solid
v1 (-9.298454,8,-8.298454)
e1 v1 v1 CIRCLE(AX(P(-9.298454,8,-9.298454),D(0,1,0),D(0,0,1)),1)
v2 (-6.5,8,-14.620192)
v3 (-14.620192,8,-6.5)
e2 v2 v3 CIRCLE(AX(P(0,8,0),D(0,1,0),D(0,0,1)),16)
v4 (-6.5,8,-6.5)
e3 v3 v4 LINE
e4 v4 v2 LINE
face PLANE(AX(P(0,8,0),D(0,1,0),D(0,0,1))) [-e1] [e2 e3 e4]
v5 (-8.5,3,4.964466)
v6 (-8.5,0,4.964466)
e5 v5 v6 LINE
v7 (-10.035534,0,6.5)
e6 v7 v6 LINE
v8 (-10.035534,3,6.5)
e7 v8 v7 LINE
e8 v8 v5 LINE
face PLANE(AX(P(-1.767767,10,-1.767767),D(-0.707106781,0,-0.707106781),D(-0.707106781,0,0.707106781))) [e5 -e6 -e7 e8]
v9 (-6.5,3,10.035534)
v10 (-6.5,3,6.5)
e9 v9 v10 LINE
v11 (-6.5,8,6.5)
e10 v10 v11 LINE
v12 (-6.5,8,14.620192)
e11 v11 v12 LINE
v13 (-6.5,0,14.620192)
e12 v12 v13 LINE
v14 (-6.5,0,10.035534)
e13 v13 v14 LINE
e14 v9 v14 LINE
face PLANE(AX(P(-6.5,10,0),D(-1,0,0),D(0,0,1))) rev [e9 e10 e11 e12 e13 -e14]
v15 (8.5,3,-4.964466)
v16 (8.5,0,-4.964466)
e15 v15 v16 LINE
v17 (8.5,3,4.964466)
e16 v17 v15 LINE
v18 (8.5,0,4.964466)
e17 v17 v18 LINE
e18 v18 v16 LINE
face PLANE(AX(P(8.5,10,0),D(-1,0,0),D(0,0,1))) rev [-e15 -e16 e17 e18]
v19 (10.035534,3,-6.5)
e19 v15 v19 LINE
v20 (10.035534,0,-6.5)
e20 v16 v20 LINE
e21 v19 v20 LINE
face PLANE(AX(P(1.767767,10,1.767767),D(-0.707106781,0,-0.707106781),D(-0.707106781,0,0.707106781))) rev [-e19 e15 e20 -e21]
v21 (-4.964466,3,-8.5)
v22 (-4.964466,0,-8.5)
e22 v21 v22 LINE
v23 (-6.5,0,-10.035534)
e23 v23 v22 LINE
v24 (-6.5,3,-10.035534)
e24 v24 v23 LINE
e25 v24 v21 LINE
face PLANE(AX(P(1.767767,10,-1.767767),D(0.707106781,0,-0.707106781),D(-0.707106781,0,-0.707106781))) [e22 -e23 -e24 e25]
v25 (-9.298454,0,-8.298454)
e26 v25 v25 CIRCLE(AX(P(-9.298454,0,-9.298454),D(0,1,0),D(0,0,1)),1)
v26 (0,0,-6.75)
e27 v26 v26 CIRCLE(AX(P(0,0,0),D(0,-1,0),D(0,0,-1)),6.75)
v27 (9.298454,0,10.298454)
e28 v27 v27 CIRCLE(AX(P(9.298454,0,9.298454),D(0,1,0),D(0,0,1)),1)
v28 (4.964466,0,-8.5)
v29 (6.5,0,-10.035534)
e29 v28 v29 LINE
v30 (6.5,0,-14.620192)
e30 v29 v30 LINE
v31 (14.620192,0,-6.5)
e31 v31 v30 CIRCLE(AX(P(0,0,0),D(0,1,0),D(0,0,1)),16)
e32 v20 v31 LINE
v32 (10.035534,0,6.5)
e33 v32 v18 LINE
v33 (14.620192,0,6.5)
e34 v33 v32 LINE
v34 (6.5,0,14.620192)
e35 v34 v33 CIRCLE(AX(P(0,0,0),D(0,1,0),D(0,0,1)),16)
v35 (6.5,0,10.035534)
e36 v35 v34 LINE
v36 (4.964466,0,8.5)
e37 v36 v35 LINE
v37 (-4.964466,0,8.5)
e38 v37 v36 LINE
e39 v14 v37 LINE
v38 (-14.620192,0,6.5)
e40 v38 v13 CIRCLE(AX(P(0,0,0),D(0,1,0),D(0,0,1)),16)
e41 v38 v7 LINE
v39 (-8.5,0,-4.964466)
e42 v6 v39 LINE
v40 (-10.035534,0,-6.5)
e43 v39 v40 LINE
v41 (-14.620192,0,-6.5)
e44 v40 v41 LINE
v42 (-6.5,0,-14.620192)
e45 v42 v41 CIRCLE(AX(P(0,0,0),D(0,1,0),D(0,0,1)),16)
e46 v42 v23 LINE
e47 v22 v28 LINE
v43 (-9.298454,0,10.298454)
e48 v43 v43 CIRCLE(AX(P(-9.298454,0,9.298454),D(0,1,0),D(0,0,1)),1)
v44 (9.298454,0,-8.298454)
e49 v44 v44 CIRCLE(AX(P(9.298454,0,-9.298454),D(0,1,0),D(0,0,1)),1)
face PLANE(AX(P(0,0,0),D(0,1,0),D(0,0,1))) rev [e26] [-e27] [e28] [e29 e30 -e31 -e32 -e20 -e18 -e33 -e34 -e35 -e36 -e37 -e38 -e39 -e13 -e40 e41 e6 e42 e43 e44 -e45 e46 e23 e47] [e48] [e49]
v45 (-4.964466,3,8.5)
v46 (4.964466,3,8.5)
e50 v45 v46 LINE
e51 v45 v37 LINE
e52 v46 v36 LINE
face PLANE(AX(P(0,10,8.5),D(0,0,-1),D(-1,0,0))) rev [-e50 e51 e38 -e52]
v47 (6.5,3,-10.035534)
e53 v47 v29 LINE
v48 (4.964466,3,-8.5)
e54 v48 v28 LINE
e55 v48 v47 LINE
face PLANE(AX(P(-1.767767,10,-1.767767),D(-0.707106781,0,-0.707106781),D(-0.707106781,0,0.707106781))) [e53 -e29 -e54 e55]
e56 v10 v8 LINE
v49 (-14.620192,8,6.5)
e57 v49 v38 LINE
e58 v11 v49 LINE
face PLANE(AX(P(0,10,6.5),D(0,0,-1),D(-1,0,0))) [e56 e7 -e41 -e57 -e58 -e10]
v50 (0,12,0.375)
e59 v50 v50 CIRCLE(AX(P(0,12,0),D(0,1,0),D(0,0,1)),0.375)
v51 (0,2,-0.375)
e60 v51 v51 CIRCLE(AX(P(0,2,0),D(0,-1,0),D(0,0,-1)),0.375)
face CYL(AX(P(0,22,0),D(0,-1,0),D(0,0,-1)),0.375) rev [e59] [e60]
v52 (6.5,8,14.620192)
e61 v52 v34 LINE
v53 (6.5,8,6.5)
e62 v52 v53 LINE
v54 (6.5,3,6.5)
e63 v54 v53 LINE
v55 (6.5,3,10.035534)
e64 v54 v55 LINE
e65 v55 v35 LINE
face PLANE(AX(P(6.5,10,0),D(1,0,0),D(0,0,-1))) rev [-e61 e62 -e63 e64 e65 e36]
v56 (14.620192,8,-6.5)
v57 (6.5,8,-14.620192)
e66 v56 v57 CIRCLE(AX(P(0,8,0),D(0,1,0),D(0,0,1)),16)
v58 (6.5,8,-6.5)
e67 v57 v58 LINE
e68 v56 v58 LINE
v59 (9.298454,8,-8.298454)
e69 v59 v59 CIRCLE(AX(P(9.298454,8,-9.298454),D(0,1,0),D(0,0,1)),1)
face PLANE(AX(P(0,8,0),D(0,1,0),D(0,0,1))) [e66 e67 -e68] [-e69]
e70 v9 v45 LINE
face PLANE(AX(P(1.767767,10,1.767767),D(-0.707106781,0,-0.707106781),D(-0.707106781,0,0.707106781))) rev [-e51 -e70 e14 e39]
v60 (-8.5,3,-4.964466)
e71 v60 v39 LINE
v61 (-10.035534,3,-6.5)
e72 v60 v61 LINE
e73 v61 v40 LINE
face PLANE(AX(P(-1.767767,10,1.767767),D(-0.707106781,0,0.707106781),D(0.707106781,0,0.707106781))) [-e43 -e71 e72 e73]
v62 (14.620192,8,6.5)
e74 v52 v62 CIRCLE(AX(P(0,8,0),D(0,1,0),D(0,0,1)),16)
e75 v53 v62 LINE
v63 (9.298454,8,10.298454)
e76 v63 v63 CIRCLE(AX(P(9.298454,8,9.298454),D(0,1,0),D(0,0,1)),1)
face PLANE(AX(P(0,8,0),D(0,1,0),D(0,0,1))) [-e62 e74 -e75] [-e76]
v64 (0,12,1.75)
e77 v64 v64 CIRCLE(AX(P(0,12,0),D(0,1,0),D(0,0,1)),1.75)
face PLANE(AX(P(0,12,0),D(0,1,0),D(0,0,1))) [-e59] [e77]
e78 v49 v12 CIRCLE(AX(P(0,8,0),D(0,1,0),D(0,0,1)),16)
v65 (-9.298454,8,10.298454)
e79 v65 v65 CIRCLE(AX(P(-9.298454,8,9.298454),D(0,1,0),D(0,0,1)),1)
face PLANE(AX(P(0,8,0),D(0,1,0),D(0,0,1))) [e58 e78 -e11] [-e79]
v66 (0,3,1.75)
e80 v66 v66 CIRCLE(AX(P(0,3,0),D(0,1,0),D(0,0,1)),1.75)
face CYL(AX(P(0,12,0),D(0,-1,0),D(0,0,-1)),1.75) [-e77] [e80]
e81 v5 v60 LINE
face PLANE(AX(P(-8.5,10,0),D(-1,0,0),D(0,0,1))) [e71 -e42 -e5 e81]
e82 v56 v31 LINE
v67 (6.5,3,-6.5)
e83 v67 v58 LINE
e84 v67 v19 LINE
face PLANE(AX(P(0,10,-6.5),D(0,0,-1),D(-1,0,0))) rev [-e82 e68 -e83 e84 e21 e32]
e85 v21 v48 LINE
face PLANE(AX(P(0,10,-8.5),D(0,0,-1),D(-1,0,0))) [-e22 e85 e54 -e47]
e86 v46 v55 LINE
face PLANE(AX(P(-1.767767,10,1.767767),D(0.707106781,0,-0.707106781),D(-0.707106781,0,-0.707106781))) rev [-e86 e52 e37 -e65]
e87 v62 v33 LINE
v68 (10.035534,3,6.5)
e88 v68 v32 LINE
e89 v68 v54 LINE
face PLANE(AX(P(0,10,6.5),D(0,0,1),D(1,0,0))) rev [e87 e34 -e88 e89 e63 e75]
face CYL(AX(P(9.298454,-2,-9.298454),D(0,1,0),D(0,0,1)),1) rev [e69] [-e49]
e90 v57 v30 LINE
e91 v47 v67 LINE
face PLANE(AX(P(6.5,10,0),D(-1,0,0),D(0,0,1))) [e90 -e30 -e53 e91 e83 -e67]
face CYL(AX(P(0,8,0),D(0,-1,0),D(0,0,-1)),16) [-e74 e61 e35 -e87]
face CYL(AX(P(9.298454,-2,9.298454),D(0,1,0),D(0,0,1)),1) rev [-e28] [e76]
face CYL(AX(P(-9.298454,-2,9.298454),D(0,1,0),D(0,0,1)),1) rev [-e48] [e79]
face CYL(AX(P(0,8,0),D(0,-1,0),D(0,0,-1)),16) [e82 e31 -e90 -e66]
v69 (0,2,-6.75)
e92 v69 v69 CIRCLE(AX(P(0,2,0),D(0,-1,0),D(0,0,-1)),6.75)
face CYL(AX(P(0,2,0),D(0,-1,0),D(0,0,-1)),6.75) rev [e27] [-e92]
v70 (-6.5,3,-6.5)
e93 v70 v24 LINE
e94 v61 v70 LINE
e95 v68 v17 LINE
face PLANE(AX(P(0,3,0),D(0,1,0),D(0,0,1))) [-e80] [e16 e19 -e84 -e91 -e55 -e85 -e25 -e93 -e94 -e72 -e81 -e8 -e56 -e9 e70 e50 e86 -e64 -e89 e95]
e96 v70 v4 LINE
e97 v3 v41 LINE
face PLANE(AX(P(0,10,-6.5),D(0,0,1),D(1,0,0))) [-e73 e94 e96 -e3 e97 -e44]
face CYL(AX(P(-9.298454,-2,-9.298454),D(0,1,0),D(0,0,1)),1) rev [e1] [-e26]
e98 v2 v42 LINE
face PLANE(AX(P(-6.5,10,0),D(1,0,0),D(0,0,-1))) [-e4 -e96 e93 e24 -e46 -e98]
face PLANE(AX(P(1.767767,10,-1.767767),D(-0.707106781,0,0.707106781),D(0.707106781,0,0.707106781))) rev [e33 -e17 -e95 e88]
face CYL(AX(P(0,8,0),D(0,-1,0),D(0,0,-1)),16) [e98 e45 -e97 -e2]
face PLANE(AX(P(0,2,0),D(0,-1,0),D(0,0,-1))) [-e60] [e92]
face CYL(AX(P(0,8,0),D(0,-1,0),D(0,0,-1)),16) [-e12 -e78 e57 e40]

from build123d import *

# Parameters (mm, degrees)
CROQUIS1_R                 = 16
SALIENTE_EXTRUIR1_DEPTH    = 8
CORTAR_EXTRUIR2_DEPTH      = 10
CORTAR_EXTRUIR4_DEPTH      = 5
CORTAR_EXTRUIR4_DEPTH_BACK = 10
CORTAR_EXTRUIR4_START      = -8
CROQUIS5_R                 = 1.75
SALIENTE_EXTRUIR2_DEPTH    = 9
CROQUIS6_6_R               = 1
CORTAR_EXTRUIR8_DEPTH      = 10
CROQUIS10_3_R              = 6.75
CORTAR_EXTRUIR10_DEPTH     = 2
CROQUIS13_R                = 0.375
CORTAR_EXTRUIR11_DEPTH     = 22


with BuildPart() as part:
    # Croquis1 → Saliente-Extruir1 (new body)
    with BuildSketch(Plane(origin=(0, 0, 0), x_dir=(1, 0, 0), z_dir=(0, 1, 0))):
        with Locations(Location((0, 0, 0), (0, 0, 270))):
            Circle(CROQUIS1_R)
    extrude(amount=SALIENTE_EXTRUIR1_DEPTH)

    # Croquis2 → Cortar-Extruir2 (cut)
    with BuildSketch(Plane(origin=(0, 0, 0), x_dir=(-1, 0, 0), z_dir=(0, -1, 0))):
        with BuildLine():
            ThreePointArc((-6.5, -14.620191518), (0, -16), (6.5, -14.620191517))
            Line((6.5, -14.620191517), (6.5, -10.035533906))
            Line((6.5, -10.035533906), (4.964466094, -8.5))
            Line((4.964466094, -8.5), (-4.964466094, -8.5))
            Line((-4.964466094, -8.5), (-6.5, -10.035533906))
            Line((-6.5, -10.035533906), (-6.5, -14.620191517))
        make_face()
        with BuildLine():
            Line((-4.964466094, 8.5), (4.964466094, 8.5))
            Line((4.964466094, 8.5), (6.5, 10.035533906))
            Line((6.5, 10.035533906), (6.5, 14.620191517))
            ThreePointArc((6.5, 14.620191518), (0, 16.000000001), (-6.5, 14.620191518))
            Line((-6.5, 14.620191517), (-6.5, 10.035533906))
            Line((-6.5, 10.035533906), (-4.964466094, 8.5))
        make_face()
        with BuildLine():
            Line((10.035533906, -6.5), (14.620191517, -6.5))
            ThreePointArc((14.620191515, -6.499999999), (15.651246979, -3.322418977), (15.999999994, 0))
            ThreePointArc((16, 0), (15.651246984, 3.322418978), (14.620191517, 6.5))
            Line((14.620191517, 6.5), (10.035533906, 6.5))
            Line((10.035533906, 6.5), (8.5, 4.964466094))
            Line((8.5, 4.964466094), (8.5, -4.964466094))
            Line((8.5, -4.964466094), (10.035533906, -6.5))
        make_face()
        with BuildLine():
            ThreePointArc((-14.620191518, 6.5), (-16.000000001, 0), (-14.620191518, -6.5))
            Line((-14.620191517, -6.5), (-10.035533906, -6.5))
            Line((-10.035533906, -6.5), (-8.5, -4.964466094))
            Line((-8.5, -4.964466094), (-8.5, 4.964466094))
            Line((-8.5, 4.964466094), (-10.035533906, 6.5))
            Line((-10.035533906, 6.5), (-14.620191517, 6.5))
        make_face()
    extrude(amount=-CORTAR_EXTRUIR2_DEPTH, mode=Mode.SUBTRACT)

    # Croquis4 → Cortar-Extruir4 (cut, two sides: drawn at the far end of the back side and taken through both)
    with BuildSketch(Plane.XZ.offset(CORTAR_EXTRUIR4_START - CORTAR_EXTRUIR4_DEPTH_BACK)):
        Polygon((-6.5, 16.599431938), (-6.5, 6.5), (-19.32076002, 6.5), (-19.32076002, -6.5), (-6.5, -6.5), (-6.5, -17.296221808), (6.5, -17.296221808), (6.5, -6.5), (20.964302933, -6.5), (20.964302933, 6.5), (6.5, 6.5), (6.5, 16.599431938), align=None)
    extrude(amount=CORTAR_EXTRUIR4_DEPTH + CORTAR_EXTRUIR4_DEPTH_BACK, mode=Mode.SUBTRACT)

    # Croquis5 → Saliente-Extruir2 (add)
    with BuildSketch(Plane(origin=(0, 3, 0), x_dir=(1, 0, 0), z_dir=(0, 1, 0))):
        with Locations(Location((0, 0, 0), (0, 0, 270))):
            Circle(CROQUIS5_R)
    extrude(amount=SALIENTE_EXTRUIR2_DEPTH)

    # Croquis6<6> → Cortar-Extruir8 (cut)
    with BuildSketch(Plane(origin=(0, 8, 0), x_dir=(1, 0, 0), z_dir=(0, 1, 0))):
        with Locations(Location((-9.298454173, 9.298454173, 0), (0, 0, 270))):
            Circle(CROQUIS6_6_R)
        with Locations(Location((9.298454173, 9.298454173, 0), (0, 0, 270))):
            Circle(CROQUIS6_6_R)
        with Locations(Location((9.298454173, -9.298454173, 0), (0, 0, 270))):
            Circle(CROQUIS6_6_R)
        with Locations(Location((-9.298454173, -9.298454173, 0), (0, 0, 270))):
            Circle(CROQUIS6_6_R)
    extrude(amount=-CORTAR_EXTRUIR8_DEPTH, mode=Mode.SUBTRACT)

    # Croquis10<3> → Cortar-Extruir10 (cut)
    with BuildSketch(Plane.XZ):
        with Locations(Location((0, 0, 0), (0, 0, 270))):
            Circle(CROQUIS10_3_R)
    extrude(amount=-CORTAR_EXTRUIR10_DEPTH, mode=Mode.SUBTRACT)

    # Croquis13 → Cortar-Extruir11 (cut)
    with BuildSketch(Plane.XZ):
        with Locations(Location((0, 0, 0), (0, 0, 270))):
            Circle(CROQUIS13_R)
    extrude(amount=-CORTAR_EXTRUIR11_DEPTH, mode=Mode.SUBTRACT)


solid = part.part
